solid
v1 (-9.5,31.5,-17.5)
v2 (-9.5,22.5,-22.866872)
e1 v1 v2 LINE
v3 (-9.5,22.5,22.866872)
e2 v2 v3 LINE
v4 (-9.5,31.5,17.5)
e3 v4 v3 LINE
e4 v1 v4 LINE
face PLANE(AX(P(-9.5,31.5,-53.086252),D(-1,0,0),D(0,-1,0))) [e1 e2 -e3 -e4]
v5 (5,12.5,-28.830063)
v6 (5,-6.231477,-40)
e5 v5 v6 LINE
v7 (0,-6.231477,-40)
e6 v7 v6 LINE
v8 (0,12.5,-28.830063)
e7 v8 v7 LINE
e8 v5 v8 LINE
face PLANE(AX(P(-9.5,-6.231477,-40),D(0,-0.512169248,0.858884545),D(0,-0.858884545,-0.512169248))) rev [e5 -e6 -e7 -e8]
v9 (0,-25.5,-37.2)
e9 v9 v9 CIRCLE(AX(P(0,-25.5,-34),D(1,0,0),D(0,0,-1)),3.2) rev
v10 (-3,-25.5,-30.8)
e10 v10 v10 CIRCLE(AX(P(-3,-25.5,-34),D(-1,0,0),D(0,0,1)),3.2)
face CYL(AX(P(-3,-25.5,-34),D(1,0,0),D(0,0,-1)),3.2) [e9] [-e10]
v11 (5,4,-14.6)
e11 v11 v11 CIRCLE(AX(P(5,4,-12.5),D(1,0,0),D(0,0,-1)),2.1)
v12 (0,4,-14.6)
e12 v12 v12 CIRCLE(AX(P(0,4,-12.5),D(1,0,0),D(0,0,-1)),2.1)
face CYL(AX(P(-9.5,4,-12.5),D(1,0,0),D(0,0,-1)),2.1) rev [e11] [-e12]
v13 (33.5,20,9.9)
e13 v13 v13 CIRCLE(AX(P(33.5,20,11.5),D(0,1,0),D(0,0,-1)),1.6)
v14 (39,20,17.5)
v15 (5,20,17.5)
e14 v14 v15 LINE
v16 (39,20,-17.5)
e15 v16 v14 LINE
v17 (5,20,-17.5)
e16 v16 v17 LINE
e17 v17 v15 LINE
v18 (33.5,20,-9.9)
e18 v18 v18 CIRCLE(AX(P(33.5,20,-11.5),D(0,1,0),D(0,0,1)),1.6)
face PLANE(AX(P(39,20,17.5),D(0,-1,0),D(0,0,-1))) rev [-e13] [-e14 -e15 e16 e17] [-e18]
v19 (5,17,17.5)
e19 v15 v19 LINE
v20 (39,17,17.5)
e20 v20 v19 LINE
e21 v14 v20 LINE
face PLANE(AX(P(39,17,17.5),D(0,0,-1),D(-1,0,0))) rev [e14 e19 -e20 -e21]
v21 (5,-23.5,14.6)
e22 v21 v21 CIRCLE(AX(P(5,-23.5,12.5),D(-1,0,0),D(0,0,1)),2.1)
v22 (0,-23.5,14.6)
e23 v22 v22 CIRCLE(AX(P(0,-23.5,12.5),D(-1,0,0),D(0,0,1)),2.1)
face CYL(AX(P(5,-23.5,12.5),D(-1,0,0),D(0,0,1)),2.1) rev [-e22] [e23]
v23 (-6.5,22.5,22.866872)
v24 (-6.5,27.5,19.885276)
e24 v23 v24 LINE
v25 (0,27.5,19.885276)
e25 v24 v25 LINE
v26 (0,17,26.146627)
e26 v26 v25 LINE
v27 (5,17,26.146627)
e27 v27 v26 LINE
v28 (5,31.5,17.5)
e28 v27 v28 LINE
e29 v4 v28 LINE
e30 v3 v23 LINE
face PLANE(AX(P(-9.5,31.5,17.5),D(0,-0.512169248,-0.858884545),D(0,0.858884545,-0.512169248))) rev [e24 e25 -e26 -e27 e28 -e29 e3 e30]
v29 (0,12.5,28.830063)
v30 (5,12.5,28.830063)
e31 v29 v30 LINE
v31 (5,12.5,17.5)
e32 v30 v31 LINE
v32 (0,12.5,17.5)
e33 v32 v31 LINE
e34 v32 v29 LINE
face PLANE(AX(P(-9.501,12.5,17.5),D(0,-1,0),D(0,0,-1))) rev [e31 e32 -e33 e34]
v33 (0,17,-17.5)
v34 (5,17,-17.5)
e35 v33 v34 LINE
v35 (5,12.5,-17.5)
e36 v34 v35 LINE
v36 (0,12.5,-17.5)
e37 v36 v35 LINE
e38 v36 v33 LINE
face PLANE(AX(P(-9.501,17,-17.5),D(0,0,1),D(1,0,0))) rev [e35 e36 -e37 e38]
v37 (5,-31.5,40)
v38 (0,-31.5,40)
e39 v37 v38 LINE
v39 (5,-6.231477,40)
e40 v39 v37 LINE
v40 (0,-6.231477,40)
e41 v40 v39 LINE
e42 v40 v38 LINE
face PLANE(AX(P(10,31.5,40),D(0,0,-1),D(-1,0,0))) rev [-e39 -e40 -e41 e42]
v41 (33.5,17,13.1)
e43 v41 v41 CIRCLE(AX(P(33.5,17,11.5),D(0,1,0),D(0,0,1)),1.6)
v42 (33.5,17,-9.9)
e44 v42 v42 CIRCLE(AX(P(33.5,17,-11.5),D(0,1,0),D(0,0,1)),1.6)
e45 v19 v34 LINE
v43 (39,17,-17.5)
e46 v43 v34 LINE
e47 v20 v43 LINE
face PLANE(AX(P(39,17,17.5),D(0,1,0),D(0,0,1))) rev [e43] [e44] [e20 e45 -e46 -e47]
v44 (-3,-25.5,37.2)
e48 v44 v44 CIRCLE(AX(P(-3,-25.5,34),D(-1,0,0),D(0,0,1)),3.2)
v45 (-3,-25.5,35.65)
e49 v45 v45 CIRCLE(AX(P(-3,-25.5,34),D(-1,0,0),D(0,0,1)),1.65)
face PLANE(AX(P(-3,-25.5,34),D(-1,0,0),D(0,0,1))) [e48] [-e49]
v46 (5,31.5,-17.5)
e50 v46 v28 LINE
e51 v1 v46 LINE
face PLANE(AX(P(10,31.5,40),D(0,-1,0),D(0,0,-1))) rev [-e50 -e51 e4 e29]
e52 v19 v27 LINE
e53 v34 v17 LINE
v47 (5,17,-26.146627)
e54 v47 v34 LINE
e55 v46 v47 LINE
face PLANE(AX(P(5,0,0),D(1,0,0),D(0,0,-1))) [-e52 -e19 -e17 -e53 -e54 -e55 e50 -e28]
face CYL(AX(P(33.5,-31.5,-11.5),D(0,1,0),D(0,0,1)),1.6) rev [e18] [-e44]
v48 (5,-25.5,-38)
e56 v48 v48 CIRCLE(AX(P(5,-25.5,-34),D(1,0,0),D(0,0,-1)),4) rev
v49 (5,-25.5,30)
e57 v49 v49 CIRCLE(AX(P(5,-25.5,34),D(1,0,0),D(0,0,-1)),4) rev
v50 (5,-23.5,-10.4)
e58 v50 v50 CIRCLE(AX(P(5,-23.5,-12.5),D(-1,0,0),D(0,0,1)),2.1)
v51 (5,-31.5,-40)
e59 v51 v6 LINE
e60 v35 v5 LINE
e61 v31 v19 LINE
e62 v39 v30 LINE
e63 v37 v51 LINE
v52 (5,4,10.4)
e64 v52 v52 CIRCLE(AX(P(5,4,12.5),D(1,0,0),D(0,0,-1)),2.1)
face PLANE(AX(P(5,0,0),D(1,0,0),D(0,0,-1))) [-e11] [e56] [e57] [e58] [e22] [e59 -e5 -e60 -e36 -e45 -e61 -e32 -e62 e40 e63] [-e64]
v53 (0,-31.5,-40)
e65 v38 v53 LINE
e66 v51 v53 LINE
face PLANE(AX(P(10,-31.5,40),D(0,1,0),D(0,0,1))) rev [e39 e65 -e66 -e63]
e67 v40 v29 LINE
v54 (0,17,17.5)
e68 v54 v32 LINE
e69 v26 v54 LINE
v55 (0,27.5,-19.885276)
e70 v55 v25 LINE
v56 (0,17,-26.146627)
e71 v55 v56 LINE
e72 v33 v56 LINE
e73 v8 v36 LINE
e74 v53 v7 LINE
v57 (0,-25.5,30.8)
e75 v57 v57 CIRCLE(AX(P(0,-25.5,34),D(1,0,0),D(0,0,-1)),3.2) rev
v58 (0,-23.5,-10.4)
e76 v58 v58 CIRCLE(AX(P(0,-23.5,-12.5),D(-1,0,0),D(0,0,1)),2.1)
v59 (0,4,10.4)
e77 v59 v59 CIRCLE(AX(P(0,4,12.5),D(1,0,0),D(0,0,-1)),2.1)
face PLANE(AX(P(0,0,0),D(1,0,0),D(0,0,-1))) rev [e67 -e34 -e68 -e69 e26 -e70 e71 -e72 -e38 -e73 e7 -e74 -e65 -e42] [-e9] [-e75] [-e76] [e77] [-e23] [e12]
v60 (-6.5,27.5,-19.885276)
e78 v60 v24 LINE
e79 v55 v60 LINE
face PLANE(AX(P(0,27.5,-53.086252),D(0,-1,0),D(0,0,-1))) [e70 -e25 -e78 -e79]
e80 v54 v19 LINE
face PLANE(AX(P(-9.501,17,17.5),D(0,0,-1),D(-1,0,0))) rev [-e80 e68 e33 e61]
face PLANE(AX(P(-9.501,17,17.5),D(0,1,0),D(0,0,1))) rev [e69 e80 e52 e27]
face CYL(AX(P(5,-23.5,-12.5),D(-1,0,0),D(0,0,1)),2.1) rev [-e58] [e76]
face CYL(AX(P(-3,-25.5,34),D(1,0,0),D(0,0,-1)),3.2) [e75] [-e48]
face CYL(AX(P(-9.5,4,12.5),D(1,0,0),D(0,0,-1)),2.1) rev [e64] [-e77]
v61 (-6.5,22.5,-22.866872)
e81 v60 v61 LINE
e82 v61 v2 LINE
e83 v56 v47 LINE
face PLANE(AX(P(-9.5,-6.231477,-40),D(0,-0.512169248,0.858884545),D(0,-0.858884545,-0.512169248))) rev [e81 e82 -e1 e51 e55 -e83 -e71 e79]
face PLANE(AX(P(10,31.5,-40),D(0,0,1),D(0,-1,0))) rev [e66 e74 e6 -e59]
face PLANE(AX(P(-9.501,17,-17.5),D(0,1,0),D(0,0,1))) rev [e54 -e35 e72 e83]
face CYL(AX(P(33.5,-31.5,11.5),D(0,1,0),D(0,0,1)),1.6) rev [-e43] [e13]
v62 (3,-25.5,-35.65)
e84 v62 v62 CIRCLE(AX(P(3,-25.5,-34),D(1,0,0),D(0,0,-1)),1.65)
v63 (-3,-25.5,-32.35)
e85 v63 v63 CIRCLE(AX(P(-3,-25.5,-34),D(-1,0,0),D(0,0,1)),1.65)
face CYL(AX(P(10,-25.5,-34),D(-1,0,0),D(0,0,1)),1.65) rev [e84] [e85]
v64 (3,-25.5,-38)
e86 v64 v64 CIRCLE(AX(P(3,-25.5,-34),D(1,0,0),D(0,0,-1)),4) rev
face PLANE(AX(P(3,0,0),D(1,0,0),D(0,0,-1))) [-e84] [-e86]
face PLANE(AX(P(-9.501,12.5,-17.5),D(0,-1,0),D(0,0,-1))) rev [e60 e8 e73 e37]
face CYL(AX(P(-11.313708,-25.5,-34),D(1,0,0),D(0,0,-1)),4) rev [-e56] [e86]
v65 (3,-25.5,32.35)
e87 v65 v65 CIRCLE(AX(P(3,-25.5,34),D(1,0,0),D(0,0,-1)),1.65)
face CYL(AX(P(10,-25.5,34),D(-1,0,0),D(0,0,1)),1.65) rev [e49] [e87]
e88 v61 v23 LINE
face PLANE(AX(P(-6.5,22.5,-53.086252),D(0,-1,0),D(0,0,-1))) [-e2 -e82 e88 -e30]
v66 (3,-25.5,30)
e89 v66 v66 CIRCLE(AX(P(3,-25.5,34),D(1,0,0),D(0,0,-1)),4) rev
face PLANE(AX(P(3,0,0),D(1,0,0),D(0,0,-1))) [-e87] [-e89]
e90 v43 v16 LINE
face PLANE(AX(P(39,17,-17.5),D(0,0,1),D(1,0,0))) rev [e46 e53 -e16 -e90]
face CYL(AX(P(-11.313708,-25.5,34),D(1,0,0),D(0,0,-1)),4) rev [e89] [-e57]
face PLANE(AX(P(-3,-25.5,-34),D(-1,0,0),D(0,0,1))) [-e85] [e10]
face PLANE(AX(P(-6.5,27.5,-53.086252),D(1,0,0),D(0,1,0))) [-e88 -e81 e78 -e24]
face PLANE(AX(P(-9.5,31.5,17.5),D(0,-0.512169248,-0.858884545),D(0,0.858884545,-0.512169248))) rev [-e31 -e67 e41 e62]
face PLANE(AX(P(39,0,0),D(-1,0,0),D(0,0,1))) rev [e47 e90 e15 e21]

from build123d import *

# Parameters (mm, degrees)
SKETCH_1_W          = 80
SKETCH_1_H          = 63
SKETCH_1_R          = 1.65
EXTRUDE_1_DEPTH     = 10
SKETCH_2_R          = 4
CUT_EXTRUDE_1_DEPTH = 7
SKETCH_3_W          = 80
SKETCH_3_H          = 63
CUT_EXTRUDE_2_DEPTH = 5
EXTRUDE_START       = 3
SKETCH_4_R          = 3.2
SKETCH_4_R_2        = 1.65
EXTRUDE_2_DEPTH     = 3
EXTRUDE_3_DEPTH     = 80
CUT_EXTRUDE_3_DEPTH = 53.93864373
SKETCH_7_R          = 2.1
CUT_EXTRUDE_4_DEPTH = 53.93864373
SKETCH_8_R          = 2.1
CUT_EXTRUDE_5_DEPTH = 52.79285665
CUT_EXTRUDE_6_REACH = 54.939
SKETCH_9_W          = 17.196538702
SKETCH_9_H          = 4.5
SKETCH_10_W         = 35
SKETCH_10_H         = 3
EXTRUDE_4_DEPTH     = 34
SKETCH_11_R         = 1.6
CUT_EXTRUDE_7_DEPTH = 76.981905741


with BuildPart() as part:
    # 草图1 → 凸台-拉伸1 (new body)
    with BuildSketch(Plane(origin=(0, 0, 0), x_dir=(0, 0, -1), z_dir=(1, 0, 0))):
        Rectangle(SKETCH_1_W, SKETCH_1_H)
        with Locations((-34, -25.5)):
            Circle(SKETCH_1_R, mode=Mode.SUBTRACT)
        with Locations((34, -25.5)):
            Circle(SKETCH_1_R, mode=Mode.SUBTRACT)
    extrude(amount=EXTRUDE_1_DEPTH)

    # 草图2 → 切除-拉伸1 (cut)
    with BuildSketch(Plane(origin=(10, 0, 0), x_dir=(0, 0, -1), z_dir=(1, 0, 0))):
        with Locations((-34, -25.5)):
            Circle(SKETCH_2_R)
        with Locations((34, -25.5)):
            Circle(SKETCH_2_R)
    extrude(amount=-CUT_EXTRUDE_1_DEPTH, mode=Mode.SUBTRACT)

    # 草图3 → 切除-拉伸2 (cut)
    with BuildSketch(Plane(origin=(10, 0, 0), x_dir=(0, 0, -1), z_dir=(1, 0, 0))):
        Rectangle(SKETCH_3_W, SKETCH_3_H)
    extrude(amount=-CUT_EXTRUDE_2_DEPTH, mode=Mode.SUBTRACT)

    # 草图4 → 凸台-拉伸2 (add)
    # profile 1 of 2: a face of its own
    with BuildSketch(Plane.ZY.offset(EXTRUDE_START)):
        with Locations(Location((-34, -25.5, 0), (0, 0, 180))):
            Circle(SKETCH_4_R)
        with Locations((-34, -25.5)):
            Circle(SKETCH_4_R_2, mode=Mode.SUBTRACT)
    # profile 2 of 2: a face of its own
    with BuildSketch(Plane.ZY.offset(EXTRUDE_START)):
        with Locations(Location((34, -25.5, 0), (0, 0, 180))):
            Circle(SKETCH_4_R)
        with Locations((34, -25.5)):
            Circle(SKETCH_4_R_2, mode=Mode.SUBTRACT)
    extrude(amount=-EXTRUDE_2_DEPTH)

    # 草图5 → 凸台-拉伸3 (add)
    with BuildSketch(Plane.XY.offset(40)):
        Polygon((-6.5, 27.5), (-6.5, 22.5), (-9.5, 22.5), (-9.5, 31.5), (-6.5, 31.5), (0, 31.5), (0, 27.5), align=None)
    extrude(amount=-EXTRUDE_3_DEPTH)

    # 草图6 → 切除-拉伸3 (cut, through all)
    with BuildSketch(Plane(origin=(5, 0, 0), x_dir=(0, 0, -1), z_dir=(1, 0, 0))):
        Polygon((-17.5, 31.5), (-40, -6.231477094), (-40, 31.5), align=None)
        Polygon((17.5, 31.5), (40, 31.5), (40, -6.231477094), align=None)
    extrude(amount=-CUT_EXTRUDE_3_DEPTH, mode=Mode.SUBTRACT)

    # 草图7 → 切除-拉伸4 (cut, through all)
    with BuildSketch(Plane(origin=(5, 0, 0), x_dir=(0, 0, -1), z_dir=(1, 0, 0))):
        with Locations((-12.5, 4)):
            Circle(SKETCH_7_R)
        with Locations((12.5, 4)):
            Circle(SKETCH_7_R)
    extrude(amount=-CUT_EXTRUDE_4_DEPTH, mode=Mode.SUBTRACT)

    # 草图8 → 切除-拉伸5 (cut, through all)
    with BuildSketch(Plane.ZY):
        with Locations((-12.5, -23.5)):
            Circle(SKETCH_8_R)
        with Locations((12.5, -23.5)):
            Circle(SKETCH_8_R)
    extrude(amount=-CUT_EXTRUDE_5_DEPTH, mode=Mode.SUBTRACT)

    # 草图9 → 切除-拉伸6 (cut, up to next)
    with BuildSketch(Plane(origin=(5, 0, 0), x_dir=(0, 0, -1), z_dir=(1, 0, 0)), mode=Mode.PRIVATE) as cut_extrude_6_sk1:
        with Locations((26.098269351, 14.75)):
            Rectangle(SKETCH_9_W, SKETCH_9_H)
    cut_extrude_6_tool1 = extrude(cut_extrude_6_sk1.sketch, amount=-CUT_EXTRUDE_6_REACH, mode=Mode.PRIVATE) & part.part
    # 草图9 → 切除-拉伸6 (cut, up to next)
    with BuildSketch(Plane(origin=(5, 0, 0), x_dir=(0, 0, -1), z_dir=(1, 0, 0)), mode=Mode.PRIVATE) as cut_extrude_6_sk2:
        with Locations((-26.098269351, 14.75)):
            Rectangle(SKETCH_9_W, SKETCH_9_H)
    cut_extrude_6_tool2 = extrude(cut_extrude_6_sk2.sketch, amount=-CUT_EXTRUDE_6_REACH, mode=Mode.PRIVATE) & part.part
    add(cut_extrude_6_tool1.solids().sort_by_distance((5, 14.75, -26.098269))[0], mode=Mode.SUBTRACT)
    add(cut_extrude_6_tool2.solids().sort_by_distance((5, 14.75, 26.098269))[0], mode=Mode.SUBTRACT)

    # 草图10 → 凸台-拉伸4 (add)
    with BuildSketch(Plane(origin=(5, 0, 0), x_dir=(0, 0, -1), z_dir=(1, 0, 0))):
        with Locations((0, 18.5)):
            Rectangle(SKETCH_10_W, SKETCH_10_H)
    extrude(amount=EXTRUDE_4_DEPTH)

    # 草图11 → 切除-拉伸7 (cut, through all)
    with BuildSketch(Plane(origin=(0, 20, 0), x_dir=(1, 0, 0), z_dir=(0, 1, 0))):
        with Locations(Location((33.5, 11.5, 0), (0, 0, 270))):
            Circle(SKETCH_11_R)
        with Locations(Location((33.5, -11.5, 0), (0, 0, 270))):
            Circle(SKETCH_11_R)
    extrude(amount=-CUT_EXTRUDE_7_DEPTH, mode=Mode.SUBTRACT)


solid = part.part
